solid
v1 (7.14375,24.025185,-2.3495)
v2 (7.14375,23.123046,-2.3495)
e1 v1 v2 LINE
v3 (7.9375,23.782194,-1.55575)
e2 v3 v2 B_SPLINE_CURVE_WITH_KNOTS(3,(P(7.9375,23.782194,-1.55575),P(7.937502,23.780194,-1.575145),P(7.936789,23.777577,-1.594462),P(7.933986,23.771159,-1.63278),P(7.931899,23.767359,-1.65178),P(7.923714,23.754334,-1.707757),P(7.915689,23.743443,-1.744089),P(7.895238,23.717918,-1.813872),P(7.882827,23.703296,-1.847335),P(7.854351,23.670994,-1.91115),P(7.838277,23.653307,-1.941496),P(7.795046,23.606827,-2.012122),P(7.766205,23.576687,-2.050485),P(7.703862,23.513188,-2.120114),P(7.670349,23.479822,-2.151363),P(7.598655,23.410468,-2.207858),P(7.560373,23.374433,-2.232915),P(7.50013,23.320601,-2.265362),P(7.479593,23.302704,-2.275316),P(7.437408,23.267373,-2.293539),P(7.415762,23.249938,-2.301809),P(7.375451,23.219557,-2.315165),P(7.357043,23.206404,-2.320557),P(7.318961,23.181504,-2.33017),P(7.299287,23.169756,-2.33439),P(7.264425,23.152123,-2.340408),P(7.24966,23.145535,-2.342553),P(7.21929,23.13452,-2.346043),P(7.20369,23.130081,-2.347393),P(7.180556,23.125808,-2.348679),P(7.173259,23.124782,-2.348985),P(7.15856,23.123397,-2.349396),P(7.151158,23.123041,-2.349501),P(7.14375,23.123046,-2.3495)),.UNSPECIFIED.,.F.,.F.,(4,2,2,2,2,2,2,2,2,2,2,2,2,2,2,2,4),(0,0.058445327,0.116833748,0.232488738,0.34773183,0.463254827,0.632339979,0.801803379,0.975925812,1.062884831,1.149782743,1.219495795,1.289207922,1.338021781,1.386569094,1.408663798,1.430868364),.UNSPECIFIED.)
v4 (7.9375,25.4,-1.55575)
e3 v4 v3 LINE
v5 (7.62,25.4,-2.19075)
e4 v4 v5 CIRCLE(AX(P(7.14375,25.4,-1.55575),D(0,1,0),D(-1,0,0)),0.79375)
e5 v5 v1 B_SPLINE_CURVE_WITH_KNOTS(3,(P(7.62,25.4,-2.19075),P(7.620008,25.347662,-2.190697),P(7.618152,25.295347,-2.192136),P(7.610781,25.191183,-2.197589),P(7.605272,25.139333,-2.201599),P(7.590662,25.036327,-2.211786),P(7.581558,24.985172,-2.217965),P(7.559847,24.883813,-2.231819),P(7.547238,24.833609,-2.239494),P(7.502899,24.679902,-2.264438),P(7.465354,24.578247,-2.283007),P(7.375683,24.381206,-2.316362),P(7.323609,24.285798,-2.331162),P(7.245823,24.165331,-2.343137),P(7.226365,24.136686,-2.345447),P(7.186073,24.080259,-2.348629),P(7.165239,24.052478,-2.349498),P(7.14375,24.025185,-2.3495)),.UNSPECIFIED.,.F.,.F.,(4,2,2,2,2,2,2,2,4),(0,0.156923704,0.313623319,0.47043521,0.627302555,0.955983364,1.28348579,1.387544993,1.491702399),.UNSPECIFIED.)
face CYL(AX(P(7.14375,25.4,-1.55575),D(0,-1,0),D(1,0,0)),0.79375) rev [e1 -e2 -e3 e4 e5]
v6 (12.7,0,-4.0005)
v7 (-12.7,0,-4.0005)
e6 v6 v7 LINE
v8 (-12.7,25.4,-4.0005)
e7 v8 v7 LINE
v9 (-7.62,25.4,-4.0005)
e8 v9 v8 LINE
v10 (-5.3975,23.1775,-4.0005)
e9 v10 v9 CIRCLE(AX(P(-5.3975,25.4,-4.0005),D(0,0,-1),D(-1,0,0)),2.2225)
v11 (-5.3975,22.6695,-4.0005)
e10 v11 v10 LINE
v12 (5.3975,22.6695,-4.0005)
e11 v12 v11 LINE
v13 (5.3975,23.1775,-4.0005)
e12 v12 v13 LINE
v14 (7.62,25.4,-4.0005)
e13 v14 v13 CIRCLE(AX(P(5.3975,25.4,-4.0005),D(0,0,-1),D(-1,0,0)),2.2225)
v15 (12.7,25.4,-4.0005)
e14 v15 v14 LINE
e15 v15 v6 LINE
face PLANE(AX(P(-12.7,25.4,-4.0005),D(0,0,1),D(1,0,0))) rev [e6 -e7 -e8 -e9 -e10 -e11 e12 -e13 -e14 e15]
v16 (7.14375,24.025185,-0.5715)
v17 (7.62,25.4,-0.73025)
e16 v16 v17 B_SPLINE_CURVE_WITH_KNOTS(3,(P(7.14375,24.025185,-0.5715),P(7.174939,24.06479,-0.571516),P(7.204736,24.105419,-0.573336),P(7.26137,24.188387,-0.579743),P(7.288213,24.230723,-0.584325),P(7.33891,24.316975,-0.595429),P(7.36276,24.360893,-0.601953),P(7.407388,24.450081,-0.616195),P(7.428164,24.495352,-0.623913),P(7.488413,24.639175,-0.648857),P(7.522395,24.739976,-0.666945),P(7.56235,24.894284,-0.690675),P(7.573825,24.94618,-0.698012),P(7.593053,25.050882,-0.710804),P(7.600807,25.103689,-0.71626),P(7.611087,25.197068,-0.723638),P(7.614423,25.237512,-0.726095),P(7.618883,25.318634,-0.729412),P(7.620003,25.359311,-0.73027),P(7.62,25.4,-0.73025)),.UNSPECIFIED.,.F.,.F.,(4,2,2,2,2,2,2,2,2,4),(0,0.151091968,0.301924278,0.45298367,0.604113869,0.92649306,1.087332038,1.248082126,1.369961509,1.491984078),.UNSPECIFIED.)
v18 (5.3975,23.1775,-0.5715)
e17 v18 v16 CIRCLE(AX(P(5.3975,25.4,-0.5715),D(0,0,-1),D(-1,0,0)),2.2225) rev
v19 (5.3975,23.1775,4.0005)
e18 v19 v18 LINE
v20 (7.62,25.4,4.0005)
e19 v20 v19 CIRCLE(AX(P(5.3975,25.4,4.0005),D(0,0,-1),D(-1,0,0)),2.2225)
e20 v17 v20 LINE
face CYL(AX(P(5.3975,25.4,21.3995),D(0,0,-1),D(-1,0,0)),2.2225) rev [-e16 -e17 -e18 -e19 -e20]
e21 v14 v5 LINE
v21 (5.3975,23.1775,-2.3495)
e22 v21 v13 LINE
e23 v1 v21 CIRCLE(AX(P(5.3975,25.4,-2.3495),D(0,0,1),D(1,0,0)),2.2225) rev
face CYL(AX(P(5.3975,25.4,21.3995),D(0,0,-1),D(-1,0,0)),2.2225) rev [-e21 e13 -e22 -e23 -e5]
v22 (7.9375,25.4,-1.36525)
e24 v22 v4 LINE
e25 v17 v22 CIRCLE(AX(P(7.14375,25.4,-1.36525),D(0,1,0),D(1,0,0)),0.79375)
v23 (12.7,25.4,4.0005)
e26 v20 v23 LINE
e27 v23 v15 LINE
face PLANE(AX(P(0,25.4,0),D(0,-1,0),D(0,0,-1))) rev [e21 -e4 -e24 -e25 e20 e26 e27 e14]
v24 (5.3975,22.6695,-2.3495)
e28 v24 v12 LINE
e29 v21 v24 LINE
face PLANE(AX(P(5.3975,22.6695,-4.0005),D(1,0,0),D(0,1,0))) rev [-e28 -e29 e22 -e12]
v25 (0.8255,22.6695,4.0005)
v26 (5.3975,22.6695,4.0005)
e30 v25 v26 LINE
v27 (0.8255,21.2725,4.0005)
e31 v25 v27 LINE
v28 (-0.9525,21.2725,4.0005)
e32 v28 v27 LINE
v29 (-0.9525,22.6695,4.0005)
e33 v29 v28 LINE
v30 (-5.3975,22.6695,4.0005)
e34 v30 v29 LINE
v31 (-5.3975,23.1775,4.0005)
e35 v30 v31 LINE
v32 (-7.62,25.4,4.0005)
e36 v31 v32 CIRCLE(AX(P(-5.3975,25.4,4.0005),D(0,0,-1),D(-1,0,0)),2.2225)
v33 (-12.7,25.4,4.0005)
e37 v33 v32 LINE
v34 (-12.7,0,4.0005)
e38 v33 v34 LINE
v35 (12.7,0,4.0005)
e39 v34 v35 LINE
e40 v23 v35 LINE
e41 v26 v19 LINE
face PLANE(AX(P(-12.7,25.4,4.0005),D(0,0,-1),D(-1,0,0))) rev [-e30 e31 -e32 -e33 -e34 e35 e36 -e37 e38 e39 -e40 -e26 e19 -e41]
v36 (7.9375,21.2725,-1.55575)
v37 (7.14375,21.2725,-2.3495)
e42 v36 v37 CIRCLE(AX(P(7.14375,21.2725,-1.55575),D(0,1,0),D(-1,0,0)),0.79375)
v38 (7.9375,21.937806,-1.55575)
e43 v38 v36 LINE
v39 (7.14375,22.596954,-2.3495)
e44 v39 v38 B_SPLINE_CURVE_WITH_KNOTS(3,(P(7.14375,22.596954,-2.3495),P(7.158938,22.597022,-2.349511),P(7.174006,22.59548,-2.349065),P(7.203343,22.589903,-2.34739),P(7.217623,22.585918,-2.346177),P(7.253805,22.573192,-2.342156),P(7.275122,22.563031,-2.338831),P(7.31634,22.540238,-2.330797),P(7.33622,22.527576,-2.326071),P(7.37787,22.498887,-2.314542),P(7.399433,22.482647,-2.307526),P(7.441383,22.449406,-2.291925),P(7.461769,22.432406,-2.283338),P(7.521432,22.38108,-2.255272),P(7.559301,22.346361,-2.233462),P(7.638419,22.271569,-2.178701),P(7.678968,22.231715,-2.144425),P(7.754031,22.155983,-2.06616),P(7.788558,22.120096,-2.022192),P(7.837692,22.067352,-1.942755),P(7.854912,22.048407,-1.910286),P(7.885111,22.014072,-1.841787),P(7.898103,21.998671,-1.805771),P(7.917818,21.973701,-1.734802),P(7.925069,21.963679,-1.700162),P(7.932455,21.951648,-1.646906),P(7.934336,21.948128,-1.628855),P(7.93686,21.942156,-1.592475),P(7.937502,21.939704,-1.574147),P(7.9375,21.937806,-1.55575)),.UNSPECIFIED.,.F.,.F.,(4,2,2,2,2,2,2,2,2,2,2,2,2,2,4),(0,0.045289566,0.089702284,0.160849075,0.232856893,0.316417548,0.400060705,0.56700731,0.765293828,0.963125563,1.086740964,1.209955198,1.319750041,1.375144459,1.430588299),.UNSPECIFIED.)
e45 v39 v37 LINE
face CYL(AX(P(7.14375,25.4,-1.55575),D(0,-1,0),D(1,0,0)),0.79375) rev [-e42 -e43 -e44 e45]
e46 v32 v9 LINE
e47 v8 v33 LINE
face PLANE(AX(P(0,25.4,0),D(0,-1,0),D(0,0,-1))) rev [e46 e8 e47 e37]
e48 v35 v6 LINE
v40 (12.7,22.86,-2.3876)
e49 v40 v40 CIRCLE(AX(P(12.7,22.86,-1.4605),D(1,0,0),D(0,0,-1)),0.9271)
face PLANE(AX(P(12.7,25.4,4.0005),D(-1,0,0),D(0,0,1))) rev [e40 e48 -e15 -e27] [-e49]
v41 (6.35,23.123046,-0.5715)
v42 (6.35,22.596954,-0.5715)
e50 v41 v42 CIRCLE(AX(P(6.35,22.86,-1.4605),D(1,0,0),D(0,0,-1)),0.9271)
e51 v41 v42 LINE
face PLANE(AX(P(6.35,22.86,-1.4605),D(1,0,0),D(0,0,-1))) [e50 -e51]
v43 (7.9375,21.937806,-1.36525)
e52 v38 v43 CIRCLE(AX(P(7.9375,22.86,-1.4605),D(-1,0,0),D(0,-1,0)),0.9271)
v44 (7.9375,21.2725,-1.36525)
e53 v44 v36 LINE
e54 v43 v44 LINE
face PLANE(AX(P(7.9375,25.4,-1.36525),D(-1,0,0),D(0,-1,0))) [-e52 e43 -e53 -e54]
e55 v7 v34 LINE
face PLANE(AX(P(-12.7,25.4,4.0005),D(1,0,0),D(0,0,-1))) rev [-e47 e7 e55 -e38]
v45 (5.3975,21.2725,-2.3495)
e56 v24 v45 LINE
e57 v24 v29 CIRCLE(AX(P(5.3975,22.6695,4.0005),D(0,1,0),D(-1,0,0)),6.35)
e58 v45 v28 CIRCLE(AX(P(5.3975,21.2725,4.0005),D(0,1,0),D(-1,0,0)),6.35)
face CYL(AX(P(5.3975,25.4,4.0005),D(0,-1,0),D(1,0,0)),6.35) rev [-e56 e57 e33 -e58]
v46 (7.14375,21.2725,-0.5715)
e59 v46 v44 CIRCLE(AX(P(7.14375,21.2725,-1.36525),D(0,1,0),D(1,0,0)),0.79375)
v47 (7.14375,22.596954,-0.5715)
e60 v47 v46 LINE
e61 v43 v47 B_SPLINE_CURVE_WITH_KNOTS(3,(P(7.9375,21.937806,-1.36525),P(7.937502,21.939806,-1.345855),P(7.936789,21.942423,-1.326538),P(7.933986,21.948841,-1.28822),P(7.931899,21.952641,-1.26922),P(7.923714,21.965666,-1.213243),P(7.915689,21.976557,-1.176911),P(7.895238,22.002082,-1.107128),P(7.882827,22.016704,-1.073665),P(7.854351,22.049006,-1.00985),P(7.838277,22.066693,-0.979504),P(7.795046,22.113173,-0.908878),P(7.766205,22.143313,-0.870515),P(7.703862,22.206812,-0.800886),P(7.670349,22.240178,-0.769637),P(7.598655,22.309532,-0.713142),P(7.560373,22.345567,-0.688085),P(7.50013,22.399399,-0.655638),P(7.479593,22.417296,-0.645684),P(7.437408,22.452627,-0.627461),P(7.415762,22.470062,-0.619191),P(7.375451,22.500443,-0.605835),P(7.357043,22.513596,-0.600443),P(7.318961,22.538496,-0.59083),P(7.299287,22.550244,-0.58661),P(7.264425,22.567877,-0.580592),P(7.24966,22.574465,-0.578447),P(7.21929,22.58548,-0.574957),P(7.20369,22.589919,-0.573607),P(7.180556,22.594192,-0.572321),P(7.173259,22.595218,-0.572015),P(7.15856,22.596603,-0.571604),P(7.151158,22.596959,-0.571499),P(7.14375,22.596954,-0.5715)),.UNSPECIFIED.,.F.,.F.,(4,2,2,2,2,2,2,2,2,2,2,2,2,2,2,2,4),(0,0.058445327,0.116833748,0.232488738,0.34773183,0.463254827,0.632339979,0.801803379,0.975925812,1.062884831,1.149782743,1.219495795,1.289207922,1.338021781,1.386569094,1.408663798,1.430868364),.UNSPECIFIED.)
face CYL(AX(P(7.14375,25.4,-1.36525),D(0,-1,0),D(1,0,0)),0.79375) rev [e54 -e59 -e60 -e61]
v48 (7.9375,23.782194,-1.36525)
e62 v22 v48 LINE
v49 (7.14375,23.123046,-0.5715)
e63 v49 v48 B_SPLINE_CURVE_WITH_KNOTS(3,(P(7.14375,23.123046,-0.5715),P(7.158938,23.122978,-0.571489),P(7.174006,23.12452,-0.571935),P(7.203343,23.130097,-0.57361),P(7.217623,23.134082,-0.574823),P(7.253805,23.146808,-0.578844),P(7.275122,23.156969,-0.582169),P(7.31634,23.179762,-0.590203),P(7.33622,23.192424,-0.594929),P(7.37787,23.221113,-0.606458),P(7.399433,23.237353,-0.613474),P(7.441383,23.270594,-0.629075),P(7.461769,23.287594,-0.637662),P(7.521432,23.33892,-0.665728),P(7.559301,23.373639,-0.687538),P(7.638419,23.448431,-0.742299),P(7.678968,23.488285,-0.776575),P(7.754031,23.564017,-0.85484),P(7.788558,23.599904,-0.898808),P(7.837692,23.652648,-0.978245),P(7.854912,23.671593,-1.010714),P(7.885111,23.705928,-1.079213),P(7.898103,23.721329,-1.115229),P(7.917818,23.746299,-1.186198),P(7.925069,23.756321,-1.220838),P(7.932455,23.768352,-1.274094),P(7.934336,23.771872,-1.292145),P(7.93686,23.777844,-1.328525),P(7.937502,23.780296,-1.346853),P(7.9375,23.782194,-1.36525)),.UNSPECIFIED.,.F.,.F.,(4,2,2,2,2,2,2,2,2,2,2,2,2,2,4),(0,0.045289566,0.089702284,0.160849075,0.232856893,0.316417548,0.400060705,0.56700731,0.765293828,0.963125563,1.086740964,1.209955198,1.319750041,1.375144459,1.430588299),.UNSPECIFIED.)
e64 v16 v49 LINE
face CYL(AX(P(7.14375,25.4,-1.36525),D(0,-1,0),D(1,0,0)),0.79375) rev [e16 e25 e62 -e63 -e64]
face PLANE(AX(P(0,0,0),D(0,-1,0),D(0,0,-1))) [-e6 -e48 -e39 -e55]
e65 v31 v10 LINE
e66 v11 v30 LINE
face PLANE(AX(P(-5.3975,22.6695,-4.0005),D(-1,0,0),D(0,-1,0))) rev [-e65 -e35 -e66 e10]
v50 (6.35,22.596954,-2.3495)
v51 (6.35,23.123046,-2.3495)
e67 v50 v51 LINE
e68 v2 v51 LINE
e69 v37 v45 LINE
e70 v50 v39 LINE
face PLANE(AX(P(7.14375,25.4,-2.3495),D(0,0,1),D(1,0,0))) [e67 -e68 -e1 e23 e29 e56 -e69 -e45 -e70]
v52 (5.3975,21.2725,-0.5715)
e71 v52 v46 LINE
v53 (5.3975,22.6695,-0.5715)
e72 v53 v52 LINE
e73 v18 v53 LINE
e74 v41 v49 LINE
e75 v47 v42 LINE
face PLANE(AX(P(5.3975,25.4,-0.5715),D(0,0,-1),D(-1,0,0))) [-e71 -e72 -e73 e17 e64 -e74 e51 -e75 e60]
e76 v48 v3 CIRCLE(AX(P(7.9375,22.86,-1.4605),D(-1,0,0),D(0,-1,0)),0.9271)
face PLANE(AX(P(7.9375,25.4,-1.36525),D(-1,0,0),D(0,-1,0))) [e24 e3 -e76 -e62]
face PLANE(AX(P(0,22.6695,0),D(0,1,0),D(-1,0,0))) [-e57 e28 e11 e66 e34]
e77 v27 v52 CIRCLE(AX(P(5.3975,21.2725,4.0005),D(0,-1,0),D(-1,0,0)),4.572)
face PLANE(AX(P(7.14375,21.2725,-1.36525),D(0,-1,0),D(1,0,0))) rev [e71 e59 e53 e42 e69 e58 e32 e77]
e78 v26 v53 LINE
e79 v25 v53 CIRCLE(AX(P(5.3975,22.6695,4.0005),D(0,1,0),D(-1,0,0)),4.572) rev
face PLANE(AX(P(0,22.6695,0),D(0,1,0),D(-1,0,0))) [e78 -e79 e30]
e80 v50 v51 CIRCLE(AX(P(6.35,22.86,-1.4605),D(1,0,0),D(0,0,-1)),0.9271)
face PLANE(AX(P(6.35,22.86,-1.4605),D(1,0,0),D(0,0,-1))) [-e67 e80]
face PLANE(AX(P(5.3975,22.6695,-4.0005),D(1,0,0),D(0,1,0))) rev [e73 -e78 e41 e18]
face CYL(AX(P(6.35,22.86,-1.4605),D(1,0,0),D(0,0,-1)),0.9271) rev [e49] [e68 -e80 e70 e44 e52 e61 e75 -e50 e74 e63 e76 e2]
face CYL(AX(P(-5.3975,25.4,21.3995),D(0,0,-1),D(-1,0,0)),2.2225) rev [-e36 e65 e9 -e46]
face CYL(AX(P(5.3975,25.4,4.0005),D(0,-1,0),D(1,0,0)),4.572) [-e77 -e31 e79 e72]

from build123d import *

# Parameters (mm, degrees)
SKETCH1_W               = 25.4
SKETCH1_H               = 8.001
BOSS_EXTRUDE1_DEPTH     = 25.4
CUT_EXTRUDE1_DEPTH      = 25.4
CUT_EXTRUDE2_DEPTH      = 27.729955228
CUT_EXTRUDE2_DEPTH_BACK = 1.905
SKETCH5_R               = 0.9271
CUT_EXTRUDE3_DEPTH      = 6.35
SKETCH6_W               = 10.795
SKETCH6_H               = 8.001
CUT_EXTRUDE4_DEPTH      = 0.508


with BuildPart() as part:
    # Sketch1 → Boss-Extrude1 (new body)
    with BuildSketch(Plane(origin=(0, 0, 0), x_dir=(1, 0, 0), z_dir=(0, 1, 0))):
        Rectangle(SKETCH1_W, SKETCH1_H)
    extrude(amount=BOSS_EXTRUDE1_DEPTH)

    # Sketch2 → Cut-Extrude1 (cut)
    with BuildSketch(Plane(origin=(0, 0, -4.0005), x_dir=(-1, 0, 0), z_dir=(0, 0, -1))):
        with BuildLine():
            Line((5.3975, 23.1775), (-5.3975, 23.1775))
            ThreePointArc((-5.3975, 23.1775), (-7.62, 25.4), (-5.3975, 27.6225))
            Line((-5.3975, 27.6225), (5.3975, 27.6225))
            ThreePointArc((5.3975, 27.6225), (7.62, 25.4), (5.3975, 23.1775))
        make_face()
    extrude(amount=-CUT_EXTRUDE1_DEPTH, mode=Mode.SUBTRACT)

    # Sketch4 → Cut-Extrude2 (cut, two sides: drawn at the far end of the back side and taken through both)
    with BuildSketch(Plane(origin=(0, 23.1775, 0), x_dir=(1, 0, 0), z_dir=(0, 1, 0)).offset(-CUT_EXTRUDE2_DEPTH_BACK)):
        with BuildLine():
            Line((0.8255, -4.0005), (-0.9525, -4.0005))
            ThreePointArc((-0.9525, -4.0005), (0.907371939, 0.489628061), (5.3975, 2.3495))
            Line((5.3975, 2.3495), (7.14375, 2.3495))
            ThreePointArc((7.14375, 2.3495), (7.705016008, 2.117016008), (7.9375, 1.55575))
            Line((7.9375, 1.55575), (7.9375, 1.36525))
            ThreePointArc((7.9375, 1.36525), (7.705016008, 0.803983992), (7.14375, 0.5715))
            Line((7.14375, 0.5715), (5.3975, 0.5715))
            ThreePointArc((5.3975, 0.5715), (2.164607796, -0.767607796), (0.8255, -4.0005))
        make_face()
    extrude(amount=CUT_EXTRUDE2_DEPTH + CUT_EXTRUDE2_DEPTH_BACK, mode=Mode.SUBTRACT)

    # Sketch5 → Cut-Extrude3 (cut)
    with BuildSketch(Plane(origin=(12.7, 0, 0), x_dir=(0, 0, -1), z_dir=(1, 0, 0))):
        with Locations((1.4605, 22.86)):
            Circle(SKETCH5_R)
    extrude(amount=-CUT_EXTRUDE3_DEPTH, mode=Mode.SUBTRACT)

    # Sketch6 → Cut-Extrude4 (cut)
    with BuildSketch(Plane(origin=(0, 23.1775, 0), x_dir=(1, 0, 0), z_dir=(0, 1, 0))):
        Rectangle(SKETCH6_W, SKETCH6_H)
    extrude(amount=-CUT_EXTRUDE4_DEPTH, mode=Mode.SUBTRACT)


solid = part.part
